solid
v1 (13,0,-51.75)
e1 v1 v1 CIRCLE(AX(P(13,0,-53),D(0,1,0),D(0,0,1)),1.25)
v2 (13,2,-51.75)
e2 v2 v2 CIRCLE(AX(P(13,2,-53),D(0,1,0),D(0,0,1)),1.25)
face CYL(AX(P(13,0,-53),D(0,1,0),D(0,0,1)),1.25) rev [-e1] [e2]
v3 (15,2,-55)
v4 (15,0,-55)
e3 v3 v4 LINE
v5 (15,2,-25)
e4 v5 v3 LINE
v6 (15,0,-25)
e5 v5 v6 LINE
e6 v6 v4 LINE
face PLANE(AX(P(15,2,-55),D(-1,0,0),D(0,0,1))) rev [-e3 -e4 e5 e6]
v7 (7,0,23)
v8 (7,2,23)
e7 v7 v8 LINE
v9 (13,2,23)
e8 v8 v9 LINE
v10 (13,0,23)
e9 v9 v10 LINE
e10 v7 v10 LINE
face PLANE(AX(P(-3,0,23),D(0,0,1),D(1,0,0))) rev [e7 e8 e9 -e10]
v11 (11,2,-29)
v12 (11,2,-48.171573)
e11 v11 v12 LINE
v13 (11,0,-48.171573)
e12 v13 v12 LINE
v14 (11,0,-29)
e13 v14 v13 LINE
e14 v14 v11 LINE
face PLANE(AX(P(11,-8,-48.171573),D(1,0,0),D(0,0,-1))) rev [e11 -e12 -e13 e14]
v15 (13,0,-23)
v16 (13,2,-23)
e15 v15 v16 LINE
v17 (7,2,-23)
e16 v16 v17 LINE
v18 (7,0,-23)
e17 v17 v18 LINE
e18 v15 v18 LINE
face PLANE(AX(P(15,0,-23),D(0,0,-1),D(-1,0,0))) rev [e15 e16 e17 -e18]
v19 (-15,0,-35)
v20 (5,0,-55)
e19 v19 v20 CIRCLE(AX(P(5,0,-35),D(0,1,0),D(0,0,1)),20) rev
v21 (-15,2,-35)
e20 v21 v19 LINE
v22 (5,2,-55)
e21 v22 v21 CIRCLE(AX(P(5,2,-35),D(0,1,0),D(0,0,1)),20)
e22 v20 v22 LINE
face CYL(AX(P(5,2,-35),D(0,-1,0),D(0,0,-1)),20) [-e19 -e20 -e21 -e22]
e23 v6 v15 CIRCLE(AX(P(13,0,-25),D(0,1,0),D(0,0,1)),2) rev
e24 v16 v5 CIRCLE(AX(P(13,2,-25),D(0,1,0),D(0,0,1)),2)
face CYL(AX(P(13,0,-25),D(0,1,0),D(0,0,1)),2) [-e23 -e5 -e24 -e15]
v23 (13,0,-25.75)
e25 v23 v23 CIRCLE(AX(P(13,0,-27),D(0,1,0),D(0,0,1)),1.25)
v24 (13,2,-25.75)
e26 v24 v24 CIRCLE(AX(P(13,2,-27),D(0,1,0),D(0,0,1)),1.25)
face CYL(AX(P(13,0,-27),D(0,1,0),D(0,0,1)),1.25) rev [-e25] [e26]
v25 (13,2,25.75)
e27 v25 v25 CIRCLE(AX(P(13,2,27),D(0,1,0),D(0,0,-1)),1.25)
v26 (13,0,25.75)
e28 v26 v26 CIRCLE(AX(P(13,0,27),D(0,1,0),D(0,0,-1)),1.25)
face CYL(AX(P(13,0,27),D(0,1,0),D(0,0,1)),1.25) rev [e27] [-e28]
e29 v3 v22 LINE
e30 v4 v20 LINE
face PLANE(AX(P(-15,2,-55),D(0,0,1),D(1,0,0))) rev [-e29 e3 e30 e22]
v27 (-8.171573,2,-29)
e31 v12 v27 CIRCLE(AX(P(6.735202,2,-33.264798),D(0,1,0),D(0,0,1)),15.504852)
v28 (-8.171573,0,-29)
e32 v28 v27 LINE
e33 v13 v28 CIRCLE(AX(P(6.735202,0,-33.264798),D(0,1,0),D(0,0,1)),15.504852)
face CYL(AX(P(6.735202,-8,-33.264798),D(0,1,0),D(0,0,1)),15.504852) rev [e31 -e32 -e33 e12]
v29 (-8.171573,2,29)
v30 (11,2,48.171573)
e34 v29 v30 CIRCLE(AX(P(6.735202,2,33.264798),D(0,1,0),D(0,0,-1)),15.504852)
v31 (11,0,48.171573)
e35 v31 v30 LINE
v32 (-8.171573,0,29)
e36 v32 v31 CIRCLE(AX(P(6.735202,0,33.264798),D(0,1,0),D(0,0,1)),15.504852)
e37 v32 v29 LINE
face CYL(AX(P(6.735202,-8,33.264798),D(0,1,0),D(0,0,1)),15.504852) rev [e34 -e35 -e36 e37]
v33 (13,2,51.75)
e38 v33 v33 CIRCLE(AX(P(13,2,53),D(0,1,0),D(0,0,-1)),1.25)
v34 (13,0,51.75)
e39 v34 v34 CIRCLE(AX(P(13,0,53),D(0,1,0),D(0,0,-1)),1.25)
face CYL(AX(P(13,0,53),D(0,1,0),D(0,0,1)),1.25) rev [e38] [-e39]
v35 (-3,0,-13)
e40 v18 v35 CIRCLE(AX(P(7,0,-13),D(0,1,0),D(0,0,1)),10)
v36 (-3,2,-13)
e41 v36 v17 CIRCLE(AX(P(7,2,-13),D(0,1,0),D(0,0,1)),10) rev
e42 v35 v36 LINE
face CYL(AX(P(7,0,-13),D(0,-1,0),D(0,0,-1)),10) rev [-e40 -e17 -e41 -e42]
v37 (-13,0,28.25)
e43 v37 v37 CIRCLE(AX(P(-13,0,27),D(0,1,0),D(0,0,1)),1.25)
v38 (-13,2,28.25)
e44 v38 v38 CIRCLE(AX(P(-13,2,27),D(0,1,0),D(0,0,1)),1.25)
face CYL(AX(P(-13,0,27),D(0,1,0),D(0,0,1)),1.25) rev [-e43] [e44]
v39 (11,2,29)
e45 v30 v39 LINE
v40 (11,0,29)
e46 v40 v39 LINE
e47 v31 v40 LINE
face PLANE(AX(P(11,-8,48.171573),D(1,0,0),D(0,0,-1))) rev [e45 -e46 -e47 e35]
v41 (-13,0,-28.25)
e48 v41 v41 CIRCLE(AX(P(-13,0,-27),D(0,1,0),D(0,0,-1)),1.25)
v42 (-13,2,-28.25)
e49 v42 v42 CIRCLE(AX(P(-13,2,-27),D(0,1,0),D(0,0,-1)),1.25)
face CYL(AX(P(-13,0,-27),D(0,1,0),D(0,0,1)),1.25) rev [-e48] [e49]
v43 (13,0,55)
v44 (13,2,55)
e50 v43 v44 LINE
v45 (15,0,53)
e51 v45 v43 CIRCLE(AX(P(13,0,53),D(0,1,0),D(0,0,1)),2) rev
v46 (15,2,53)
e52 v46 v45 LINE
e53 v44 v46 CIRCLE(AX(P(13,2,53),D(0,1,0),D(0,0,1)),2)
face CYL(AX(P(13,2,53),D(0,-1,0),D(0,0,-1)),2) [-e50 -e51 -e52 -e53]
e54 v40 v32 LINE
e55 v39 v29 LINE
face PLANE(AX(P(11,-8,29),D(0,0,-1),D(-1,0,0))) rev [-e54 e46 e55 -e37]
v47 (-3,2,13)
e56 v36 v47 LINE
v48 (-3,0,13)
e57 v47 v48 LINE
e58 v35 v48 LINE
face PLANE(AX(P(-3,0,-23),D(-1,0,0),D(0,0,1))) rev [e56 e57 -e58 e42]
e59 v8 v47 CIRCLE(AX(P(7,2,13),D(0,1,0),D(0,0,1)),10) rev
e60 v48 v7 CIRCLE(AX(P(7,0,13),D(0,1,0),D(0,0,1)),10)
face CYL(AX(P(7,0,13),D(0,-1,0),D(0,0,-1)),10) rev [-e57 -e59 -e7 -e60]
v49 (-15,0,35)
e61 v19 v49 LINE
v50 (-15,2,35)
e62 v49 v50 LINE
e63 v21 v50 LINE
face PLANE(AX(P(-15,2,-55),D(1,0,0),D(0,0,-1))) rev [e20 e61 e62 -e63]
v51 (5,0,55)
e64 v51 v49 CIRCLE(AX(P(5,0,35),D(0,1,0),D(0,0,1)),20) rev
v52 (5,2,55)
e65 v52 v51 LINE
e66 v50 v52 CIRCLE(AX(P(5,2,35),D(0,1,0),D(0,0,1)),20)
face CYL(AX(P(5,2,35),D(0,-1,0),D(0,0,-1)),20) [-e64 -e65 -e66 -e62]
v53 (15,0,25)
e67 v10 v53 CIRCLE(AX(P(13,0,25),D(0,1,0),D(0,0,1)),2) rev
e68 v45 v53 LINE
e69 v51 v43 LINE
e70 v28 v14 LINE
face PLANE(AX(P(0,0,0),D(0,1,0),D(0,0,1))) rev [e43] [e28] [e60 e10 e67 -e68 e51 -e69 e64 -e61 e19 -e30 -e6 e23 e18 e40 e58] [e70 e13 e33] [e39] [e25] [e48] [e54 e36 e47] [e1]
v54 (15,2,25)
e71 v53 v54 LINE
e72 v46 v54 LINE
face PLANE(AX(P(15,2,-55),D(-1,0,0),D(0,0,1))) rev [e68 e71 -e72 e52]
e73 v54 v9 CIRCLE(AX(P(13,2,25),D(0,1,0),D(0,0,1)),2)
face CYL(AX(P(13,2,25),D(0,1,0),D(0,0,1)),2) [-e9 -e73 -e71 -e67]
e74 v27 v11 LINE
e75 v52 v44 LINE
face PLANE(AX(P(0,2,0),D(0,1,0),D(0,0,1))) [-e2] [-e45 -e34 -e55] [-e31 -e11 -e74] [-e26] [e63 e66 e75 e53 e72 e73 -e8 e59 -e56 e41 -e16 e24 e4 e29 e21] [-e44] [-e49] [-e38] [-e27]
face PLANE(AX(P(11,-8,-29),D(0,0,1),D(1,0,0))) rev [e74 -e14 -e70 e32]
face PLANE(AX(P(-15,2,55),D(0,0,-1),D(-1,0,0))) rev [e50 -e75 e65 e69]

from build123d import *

# Parameters (mm, degrees)
SKETCH_1_W          = 30
SKETCH_1_H          = 110
EXTRUDE_1_DEPTH     = 2
SKETCH_2_R          = 1.25
CUT_EXTRUDE_1_DEPTH = 2
FILLET_1_R          = 20
FILLET_2_R          = 2
SKETCH_3_W          = 18
SKETCH_3_H          = 46
CUT_EXTRUDE_2_DEPTH = 2
FILLET_4_R          = 10
FILLET_5_R          = 2
CUT_EXTRUDE_3_DEPTH = 10


with BuildPart() as part:
    # 草图1 → 凸台-拉伸1 (new body)
    with BuildSketch(Plane(origin=(0, 0, 0), x_dir=(1, 0, 0), z_dir=(0, 1, 0))):
        Rectangle(SKETCH_1_W, SKETCH_1_H)
    extrude(amount=EXTRUDE_1_DEPTH)

    # 草图2 → 切除-拉伸1 (cut)
    with BuildSketch(Plane(origin=(0, 2, 0), x_dir=(1, 0, 0), z_dir=(0, 1, 0))):
        with Locations(Location((13, 27, 0), (0, 0, 270))):
            Circle(SKETCH_2_R)
        with Locations(Location((-13, 27, 0), (0, 0, 90))):
            Circle(SKETCH_2_R)
        with Locations(Location((13, 53, 0), (0, 0, 270))):
            Circle(SKETCH_2_R)
        with Locations(Location((13, -53, 0), (0, 0, 90))):
            Circle(SKETCH_2_R)
        with Locations(Location((-13, -27, 0), (0, 0, 270))):
            Circle(SKETCH_2_R)
        with Locations(Location((13, -27, 0), (0, 0, 90))):
            Circle(SKETCH_2_R)
    extrude(amount=-CUT_EXTRUDE_1_DEPTH, mode=Mode.SUBTRACT)

    # 圆角1
    fillet_1_edges = [part.edges().sort_by_distance(p)[0] for p in [
        (-15, 1, 55),
        (-15, 1, -55),
    ]]
    fillet(fillet_1_edges, radius=FILLET_1_R)

    # 圆角2
    fillet_2_edges = [part.edges().sort_by_distance(p)[0] for p in [
        (15, 1, 55),
    ]]
    fillet(fillet_2_edges, radius=FILLET_2_R)

    # 草图3 → 切除-拉伸2 (cut)
    with BuildSketch(Plane(origin=(0, 2, 0), x_dir=(1, 0, 0), z_dir=(0, 1, 0))):
        with Locations((6, 0)):
            Rectangle(SKETCH_3_W, SKETCH_3_H)
    extrude(amount=-CUT_EXTRUDE_2_DEPTH, mode=Mode.SUBTRACT)

    # 圆角4
    fillet_4_edges = [part.edges().sort_by_distance(p)[0] for p in [
        (-3, 1, -23),
        (-3, 1, 23),
    ]]
    fillet(fillet_4_edges, radius=FILLET_4_R)

    # 圆角5
    fillet_5_edges = [part.edges().sort_by_distance(p)[0] for p in [
        (15, 1, -23),
        (15, 1, 23),
    ]]
    fillet(fillet_5_edges, radius=FILLET_5_R)

    # 草图4 → 切除-拉伸3 (cut)
    with BuildSketch(Plane(origin=(0, 2, 0), x_dir=(1, 0, 0), z_dir=(0, 1, 0))):
        with BuildLine():
            Line((11, 48.171572875), (11, 29))
            Line((11, 29), (-8.171572875, 29))
            ThreePointArc((-8.171572875, 29), (-4.228384219, 44.228384219), (11, 48.171572875))
        make_face()
        with BuildLine():
            Line((11, -29), (-8.171572875, -29))
            ThreePointArc((-8.171572875, -29), (-4.228384219, -44.228384219), (11, -48.171572875))
            Line((11, -48.171572875), (11, -29))
        make_face()
    extrude(amount=-CUT_EXTRUDE_3_DEPTH, mode=Mode.SUBTRACT)


solid = part.part
